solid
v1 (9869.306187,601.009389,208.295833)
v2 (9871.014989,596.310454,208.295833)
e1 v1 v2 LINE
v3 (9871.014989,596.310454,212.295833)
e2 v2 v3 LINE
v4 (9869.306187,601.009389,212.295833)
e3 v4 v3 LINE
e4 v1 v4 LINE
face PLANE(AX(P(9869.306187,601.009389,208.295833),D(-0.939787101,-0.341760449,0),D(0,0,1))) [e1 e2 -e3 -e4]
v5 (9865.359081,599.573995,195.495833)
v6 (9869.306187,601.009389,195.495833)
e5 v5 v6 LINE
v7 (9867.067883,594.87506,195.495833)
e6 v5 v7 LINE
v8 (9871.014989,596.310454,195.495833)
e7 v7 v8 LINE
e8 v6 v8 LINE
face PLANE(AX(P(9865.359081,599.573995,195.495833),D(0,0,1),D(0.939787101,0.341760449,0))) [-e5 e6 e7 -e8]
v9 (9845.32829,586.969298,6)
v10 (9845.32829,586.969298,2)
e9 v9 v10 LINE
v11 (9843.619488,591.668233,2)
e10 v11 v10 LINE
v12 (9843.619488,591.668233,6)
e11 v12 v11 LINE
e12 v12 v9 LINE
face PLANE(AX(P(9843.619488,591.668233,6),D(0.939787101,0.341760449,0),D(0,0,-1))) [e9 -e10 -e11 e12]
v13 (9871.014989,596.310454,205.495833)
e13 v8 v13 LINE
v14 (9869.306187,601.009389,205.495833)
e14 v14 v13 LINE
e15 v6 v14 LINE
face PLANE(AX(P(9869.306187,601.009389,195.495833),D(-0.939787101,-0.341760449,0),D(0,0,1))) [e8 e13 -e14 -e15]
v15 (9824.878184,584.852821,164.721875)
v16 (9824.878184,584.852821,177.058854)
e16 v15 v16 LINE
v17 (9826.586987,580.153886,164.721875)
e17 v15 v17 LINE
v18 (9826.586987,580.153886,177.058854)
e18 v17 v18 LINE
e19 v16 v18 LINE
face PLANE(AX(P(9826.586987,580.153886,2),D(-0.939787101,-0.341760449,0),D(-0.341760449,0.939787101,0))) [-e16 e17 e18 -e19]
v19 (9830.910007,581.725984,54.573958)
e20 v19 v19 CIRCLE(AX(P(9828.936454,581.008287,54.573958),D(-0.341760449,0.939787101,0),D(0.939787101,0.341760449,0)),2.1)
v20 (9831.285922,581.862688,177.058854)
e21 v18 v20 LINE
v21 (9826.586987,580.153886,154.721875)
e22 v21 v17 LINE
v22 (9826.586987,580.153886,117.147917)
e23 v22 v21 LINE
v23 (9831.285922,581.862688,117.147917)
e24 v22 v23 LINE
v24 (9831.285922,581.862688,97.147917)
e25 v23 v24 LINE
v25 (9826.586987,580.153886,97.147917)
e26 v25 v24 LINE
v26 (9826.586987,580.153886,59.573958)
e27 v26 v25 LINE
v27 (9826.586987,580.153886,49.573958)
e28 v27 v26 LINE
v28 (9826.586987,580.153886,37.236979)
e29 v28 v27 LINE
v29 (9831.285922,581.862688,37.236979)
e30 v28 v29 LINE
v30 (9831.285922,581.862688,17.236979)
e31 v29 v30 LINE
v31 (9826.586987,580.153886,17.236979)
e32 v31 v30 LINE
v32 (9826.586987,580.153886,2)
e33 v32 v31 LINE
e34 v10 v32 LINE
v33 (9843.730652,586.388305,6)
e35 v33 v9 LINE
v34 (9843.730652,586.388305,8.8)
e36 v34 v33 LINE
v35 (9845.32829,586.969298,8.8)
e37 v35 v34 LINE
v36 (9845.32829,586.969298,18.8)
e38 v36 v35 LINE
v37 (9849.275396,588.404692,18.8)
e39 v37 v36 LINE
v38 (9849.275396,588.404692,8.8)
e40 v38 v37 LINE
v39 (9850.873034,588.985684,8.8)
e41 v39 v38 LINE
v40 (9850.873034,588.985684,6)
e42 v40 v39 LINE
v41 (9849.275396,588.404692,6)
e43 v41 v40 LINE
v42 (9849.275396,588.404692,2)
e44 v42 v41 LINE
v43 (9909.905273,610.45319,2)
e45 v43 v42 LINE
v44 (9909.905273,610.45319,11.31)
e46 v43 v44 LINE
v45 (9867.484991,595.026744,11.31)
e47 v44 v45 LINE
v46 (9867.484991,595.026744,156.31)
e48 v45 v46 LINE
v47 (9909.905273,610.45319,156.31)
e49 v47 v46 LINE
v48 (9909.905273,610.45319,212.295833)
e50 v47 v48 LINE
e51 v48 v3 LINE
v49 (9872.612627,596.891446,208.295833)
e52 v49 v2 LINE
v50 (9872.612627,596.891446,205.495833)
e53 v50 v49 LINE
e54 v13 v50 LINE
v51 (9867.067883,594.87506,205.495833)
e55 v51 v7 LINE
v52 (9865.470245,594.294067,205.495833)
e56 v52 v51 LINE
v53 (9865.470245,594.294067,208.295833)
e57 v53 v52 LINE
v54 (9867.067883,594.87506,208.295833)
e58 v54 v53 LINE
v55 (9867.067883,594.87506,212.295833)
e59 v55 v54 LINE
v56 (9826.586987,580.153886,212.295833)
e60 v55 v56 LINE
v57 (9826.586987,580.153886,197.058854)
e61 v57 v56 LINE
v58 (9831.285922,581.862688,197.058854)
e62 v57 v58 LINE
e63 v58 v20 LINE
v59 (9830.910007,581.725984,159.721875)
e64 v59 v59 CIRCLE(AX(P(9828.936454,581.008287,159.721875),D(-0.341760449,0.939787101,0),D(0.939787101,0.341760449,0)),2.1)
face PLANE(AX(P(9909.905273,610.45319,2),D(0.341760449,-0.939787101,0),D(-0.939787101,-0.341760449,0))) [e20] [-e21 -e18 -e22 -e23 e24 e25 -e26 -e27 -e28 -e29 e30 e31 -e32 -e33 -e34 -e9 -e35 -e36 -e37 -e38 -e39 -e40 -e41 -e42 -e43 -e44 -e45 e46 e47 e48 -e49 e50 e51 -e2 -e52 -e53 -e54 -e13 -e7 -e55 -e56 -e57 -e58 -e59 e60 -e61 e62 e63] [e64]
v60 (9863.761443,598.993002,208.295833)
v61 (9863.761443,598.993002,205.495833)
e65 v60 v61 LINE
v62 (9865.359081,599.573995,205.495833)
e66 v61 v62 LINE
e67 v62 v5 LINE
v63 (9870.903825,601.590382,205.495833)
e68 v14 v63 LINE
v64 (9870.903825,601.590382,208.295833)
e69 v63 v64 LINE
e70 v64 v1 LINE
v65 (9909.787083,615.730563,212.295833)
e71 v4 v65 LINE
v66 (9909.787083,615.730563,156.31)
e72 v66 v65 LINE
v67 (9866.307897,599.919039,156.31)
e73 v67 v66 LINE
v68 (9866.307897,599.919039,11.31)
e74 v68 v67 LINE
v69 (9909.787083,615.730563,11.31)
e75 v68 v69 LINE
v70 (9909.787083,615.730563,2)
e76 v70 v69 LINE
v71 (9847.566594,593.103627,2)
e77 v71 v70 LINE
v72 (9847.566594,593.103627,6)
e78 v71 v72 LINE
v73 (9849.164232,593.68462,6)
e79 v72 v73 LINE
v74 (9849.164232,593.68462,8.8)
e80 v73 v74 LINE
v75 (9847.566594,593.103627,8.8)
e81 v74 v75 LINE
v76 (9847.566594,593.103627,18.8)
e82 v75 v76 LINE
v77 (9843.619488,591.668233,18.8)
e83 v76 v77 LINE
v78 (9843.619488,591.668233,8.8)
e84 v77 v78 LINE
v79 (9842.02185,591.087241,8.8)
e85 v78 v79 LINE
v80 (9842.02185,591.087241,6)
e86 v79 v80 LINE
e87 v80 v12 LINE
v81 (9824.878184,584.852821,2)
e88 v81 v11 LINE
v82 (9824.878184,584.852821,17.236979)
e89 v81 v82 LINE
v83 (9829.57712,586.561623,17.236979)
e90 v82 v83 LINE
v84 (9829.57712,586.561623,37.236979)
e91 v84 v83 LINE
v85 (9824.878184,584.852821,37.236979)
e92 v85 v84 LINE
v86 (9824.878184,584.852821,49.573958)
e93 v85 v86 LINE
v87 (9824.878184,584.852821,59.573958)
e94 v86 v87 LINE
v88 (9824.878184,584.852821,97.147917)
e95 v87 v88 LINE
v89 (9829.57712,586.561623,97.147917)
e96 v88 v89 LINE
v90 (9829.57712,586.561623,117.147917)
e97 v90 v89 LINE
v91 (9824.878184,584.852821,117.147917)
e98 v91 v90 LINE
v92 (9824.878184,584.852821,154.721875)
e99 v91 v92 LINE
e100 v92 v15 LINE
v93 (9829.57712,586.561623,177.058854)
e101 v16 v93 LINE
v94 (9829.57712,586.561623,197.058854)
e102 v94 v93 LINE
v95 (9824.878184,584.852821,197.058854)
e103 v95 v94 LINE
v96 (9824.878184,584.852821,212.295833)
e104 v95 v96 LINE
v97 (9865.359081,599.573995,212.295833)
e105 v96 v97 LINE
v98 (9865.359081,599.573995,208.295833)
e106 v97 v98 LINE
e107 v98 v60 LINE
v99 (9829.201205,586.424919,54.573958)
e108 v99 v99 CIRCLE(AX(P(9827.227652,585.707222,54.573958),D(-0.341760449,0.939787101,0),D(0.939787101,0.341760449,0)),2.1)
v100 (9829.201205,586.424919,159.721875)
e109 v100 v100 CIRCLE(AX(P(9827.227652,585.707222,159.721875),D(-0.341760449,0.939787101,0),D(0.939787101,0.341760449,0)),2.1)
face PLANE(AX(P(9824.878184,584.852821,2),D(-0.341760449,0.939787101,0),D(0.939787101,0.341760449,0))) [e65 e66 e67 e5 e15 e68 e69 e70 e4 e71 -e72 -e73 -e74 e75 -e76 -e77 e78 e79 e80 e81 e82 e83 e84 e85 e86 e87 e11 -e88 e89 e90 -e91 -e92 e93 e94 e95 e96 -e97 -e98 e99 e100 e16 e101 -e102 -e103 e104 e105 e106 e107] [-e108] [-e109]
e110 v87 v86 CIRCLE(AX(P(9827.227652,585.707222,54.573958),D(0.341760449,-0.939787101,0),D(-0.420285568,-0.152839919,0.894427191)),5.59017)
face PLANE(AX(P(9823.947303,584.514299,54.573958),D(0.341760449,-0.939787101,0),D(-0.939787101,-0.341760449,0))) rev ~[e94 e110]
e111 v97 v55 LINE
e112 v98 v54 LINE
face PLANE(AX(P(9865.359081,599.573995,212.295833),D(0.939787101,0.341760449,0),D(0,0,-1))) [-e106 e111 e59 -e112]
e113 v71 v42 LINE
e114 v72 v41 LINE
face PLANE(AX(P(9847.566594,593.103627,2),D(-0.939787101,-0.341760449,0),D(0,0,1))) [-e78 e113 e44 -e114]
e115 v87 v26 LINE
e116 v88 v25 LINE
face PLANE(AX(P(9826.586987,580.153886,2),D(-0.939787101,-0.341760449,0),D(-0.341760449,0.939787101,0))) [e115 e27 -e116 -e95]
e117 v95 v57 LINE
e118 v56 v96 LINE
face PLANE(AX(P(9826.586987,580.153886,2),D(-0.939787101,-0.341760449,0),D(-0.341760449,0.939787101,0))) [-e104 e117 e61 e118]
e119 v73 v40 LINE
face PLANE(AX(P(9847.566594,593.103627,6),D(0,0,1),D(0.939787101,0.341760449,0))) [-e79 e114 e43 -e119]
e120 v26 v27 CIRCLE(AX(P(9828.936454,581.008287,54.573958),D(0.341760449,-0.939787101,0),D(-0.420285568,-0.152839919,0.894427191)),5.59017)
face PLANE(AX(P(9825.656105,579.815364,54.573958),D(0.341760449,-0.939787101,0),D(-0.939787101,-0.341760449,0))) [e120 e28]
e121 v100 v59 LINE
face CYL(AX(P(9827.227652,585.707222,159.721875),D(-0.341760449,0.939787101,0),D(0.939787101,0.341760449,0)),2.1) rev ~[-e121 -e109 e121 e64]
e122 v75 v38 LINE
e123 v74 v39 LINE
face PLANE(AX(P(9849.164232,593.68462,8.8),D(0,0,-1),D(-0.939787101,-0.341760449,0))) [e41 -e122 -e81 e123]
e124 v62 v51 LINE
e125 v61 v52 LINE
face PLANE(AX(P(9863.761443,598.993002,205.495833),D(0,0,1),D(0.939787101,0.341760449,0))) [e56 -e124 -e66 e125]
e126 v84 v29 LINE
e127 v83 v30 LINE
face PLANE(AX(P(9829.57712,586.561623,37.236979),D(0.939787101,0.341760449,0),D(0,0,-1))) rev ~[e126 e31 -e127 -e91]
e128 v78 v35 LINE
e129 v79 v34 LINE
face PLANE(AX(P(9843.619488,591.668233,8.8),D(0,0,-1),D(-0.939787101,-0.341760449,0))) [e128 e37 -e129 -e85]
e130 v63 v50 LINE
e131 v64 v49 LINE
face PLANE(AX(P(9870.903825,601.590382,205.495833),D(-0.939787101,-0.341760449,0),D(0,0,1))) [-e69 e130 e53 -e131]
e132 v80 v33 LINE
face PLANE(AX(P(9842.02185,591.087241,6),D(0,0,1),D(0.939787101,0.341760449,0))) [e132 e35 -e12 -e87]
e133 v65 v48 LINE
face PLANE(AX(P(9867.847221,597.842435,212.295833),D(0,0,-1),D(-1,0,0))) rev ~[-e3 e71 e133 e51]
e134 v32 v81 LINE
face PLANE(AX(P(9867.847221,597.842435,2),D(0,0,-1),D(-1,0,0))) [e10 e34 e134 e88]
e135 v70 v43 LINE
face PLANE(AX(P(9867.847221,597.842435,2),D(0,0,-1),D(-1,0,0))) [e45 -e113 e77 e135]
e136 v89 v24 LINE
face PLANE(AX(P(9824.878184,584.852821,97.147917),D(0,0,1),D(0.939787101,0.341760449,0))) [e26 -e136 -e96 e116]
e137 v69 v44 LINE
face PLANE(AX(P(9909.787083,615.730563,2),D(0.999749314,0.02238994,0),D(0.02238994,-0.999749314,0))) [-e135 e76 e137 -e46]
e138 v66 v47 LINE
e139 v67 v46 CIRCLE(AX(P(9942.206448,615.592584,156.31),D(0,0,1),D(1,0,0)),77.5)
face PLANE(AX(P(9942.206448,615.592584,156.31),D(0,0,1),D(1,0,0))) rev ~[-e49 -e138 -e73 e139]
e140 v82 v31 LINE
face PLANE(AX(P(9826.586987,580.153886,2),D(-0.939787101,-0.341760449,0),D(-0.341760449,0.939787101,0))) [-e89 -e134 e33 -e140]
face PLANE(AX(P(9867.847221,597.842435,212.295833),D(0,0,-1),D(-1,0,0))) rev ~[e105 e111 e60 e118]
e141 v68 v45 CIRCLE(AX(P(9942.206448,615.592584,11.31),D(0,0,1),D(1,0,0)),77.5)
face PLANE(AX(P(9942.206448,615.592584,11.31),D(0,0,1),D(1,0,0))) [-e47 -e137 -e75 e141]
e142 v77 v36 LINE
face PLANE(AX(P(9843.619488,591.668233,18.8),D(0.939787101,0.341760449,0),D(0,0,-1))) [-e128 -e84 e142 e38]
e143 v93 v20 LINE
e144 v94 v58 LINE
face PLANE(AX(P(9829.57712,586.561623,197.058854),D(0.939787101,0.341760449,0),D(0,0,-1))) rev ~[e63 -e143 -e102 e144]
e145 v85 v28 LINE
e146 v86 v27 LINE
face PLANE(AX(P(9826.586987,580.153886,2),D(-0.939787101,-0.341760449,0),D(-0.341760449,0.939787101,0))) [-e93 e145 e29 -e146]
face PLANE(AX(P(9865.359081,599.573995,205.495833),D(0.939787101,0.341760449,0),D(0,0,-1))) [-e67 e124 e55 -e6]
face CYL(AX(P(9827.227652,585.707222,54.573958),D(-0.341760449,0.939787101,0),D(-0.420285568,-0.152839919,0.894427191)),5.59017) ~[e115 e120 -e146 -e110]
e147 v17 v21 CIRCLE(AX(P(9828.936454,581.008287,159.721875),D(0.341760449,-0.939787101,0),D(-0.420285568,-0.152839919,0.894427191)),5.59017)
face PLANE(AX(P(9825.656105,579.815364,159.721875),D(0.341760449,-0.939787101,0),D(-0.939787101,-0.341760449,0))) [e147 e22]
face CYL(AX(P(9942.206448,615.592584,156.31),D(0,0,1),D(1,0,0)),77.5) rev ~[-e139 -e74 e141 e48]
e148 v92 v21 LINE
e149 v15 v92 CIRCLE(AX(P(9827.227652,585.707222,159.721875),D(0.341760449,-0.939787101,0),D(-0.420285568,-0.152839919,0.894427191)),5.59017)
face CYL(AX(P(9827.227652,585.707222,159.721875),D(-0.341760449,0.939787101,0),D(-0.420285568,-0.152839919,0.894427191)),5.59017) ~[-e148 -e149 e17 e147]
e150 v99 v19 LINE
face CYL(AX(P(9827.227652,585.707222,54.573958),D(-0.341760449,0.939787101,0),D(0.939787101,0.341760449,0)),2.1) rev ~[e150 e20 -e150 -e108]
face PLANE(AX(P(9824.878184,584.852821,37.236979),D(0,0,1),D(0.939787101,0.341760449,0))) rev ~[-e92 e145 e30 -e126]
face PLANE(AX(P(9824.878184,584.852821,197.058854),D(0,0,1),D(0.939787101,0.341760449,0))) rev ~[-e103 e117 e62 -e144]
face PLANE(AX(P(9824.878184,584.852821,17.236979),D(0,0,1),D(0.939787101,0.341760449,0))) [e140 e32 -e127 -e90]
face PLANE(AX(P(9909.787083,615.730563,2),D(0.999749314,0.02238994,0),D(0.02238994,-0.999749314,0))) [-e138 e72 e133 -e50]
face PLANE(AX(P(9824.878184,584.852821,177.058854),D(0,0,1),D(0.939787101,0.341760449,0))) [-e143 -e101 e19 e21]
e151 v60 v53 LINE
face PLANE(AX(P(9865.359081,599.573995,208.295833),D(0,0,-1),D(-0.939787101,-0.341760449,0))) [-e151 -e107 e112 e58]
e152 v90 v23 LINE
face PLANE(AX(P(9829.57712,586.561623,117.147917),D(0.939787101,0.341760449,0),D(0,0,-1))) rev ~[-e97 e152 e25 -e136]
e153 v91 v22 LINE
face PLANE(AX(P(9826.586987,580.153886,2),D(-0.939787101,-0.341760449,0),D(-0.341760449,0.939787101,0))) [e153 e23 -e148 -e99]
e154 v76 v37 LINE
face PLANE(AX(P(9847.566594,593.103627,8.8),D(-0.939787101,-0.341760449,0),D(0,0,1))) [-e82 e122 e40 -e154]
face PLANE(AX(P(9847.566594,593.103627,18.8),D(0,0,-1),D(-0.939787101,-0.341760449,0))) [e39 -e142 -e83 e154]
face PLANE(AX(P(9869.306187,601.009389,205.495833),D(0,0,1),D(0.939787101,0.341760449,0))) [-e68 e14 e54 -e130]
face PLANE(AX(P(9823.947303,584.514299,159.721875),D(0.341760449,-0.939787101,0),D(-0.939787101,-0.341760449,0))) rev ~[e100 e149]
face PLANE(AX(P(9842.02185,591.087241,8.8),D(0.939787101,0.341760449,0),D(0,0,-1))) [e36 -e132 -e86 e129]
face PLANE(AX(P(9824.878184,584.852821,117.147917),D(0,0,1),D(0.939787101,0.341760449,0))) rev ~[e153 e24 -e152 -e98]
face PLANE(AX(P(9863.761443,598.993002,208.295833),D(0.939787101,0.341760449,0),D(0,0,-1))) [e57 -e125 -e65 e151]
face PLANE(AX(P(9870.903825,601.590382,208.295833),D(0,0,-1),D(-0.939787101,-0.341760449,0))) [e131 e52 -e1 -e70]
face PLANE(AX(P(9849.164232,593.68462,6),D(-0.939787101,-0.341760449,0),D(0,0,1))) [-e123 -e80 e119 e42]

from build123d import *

# Parameters (mm, degrees)
BOSS_EXTRUDE1_DEPTH = 210.295833
SKETCH3_R           = 77.5
CUT_EXTRUDE1_DEPTH  = 145
SKETCH5_R           = 2.1
SKETCH5_W           = 5
SKETCH5_H           = 20
CUT_EXTRUDE2_DEPTH  = 5
BOSS_EXTRUDE3_DEPTH = 5


with BuildPart() as part:
    # Sketch2 → Boss-Extrude1 (new body)
    with BuildSketch(Plane.XY.offset(2)):
        Polygon((9824.878184466, 584.85282122), (9909.787083107, 615.730562883), (9909.90527281, 610.4531895), (9826.586986711, 580.153885714), align=None)
    extrude(amount=BOSS_EXTRUDE1_DEPTH)

    # Sketch3 → Cut-Extrude1 (cut)
    with BuildSketch(Plane.XY.offset(156.31)):
        with Locations((9942.206448078, 615.592583846)):
            Circle(SKETCH3_R)
    extrude(amount=-CUT_EXTRUDE1_DEPTH, mode=Mode.SUBTRACT)

    # Sketch5 → Cut-Extrude2 (cut)
    with BuildSketch(Plane(origin=(959.703546547, -2639.032739095, 0), x_dir=(0.939787101, 0.341760449, 0), z_dir=(-0.341760449, 0.939787101, 0))):
        with Locations((9435.67335083, -159.721874806)):
            Circle(SKETCH5_R)
        with Locations((9435.67335083, -54.573958269)):
            Circle(SKETCH5_R)
        Polygon((9480.447890116, -212.295833075), (9476.247890116, -212.295833075), (9476.247890116, -208.295833075), (9474.547890116, -208.295833075), (9474.547890116, -205.495833075), (9476.247890116, -205.495833075), (9476.247890116, -195.495833075), (9480.447890116, -195.495833075), (9480.447890116, -205.495833075), (9482.147890116, -205.495833075), (9482.147890116, -208.295833075), (9480.447890116, -208.295833075), align=None)
        with Locations((9435.67335083, -187.058853941)):
            Rectangle(SKETCH5_W, SKETCH5_H)
        with Locations((9435.67335083, -107.147916538)):
            Rectangle(SKETCH5_W, SKETCH5_H)
        with Locations((9435.67335083, -27.236979134)):
            Rectangle(SKETCH5_W, SKETCH5_H)
        Polygon((9453.115424439, -2), (9457.315424439, -2), (9457.315424439, -6), (9459.015424439, -6), (9459.015424439, -8.8), (9457.315424439, -8.8), (9457.315424439, -18.8), (9453.115424439, -18.8), (9453.115424439, -8.8), (9451.415424439, -8.8), (9451.415424439, -6), (9453.115424439, -6), align=None)
    extrude(amount=-CUT_EXTRUDE2_DEPTH, mode=Mode.SUBTRACT)

    # Sketch7 → Boss-Extrude3 (add)
    with BuildSketch(Plane(origin=(959.703546547, -2639.032739095, 0), x_dir=(0.939787101, 0.341760449, 0), z_dir=(-0.341760449, 0.939787101, 0))):
        with BuildLine():
            Line((9433.17335083, -49.573958269), (9433.17335083, -59.573958269))
            ThreePointArc((9433.17335083, -59.573958269), (9430.083180886, -54.573958269), (9433.17335083, -49.573958269))
        make_face()
        with BuildLine():
            Line((9433.17335083, -154.721874806), (9433.17335083, -164.721874806))
            ThreePointArc((9433.17335083, -164.721874806), (9430.083180886, -159.721874806), (9433.17335083, -154.721874806))
        make_face()
    extrude(amount=-BOSS_EXTRUDE3_DEPTH)


solid = part.part
